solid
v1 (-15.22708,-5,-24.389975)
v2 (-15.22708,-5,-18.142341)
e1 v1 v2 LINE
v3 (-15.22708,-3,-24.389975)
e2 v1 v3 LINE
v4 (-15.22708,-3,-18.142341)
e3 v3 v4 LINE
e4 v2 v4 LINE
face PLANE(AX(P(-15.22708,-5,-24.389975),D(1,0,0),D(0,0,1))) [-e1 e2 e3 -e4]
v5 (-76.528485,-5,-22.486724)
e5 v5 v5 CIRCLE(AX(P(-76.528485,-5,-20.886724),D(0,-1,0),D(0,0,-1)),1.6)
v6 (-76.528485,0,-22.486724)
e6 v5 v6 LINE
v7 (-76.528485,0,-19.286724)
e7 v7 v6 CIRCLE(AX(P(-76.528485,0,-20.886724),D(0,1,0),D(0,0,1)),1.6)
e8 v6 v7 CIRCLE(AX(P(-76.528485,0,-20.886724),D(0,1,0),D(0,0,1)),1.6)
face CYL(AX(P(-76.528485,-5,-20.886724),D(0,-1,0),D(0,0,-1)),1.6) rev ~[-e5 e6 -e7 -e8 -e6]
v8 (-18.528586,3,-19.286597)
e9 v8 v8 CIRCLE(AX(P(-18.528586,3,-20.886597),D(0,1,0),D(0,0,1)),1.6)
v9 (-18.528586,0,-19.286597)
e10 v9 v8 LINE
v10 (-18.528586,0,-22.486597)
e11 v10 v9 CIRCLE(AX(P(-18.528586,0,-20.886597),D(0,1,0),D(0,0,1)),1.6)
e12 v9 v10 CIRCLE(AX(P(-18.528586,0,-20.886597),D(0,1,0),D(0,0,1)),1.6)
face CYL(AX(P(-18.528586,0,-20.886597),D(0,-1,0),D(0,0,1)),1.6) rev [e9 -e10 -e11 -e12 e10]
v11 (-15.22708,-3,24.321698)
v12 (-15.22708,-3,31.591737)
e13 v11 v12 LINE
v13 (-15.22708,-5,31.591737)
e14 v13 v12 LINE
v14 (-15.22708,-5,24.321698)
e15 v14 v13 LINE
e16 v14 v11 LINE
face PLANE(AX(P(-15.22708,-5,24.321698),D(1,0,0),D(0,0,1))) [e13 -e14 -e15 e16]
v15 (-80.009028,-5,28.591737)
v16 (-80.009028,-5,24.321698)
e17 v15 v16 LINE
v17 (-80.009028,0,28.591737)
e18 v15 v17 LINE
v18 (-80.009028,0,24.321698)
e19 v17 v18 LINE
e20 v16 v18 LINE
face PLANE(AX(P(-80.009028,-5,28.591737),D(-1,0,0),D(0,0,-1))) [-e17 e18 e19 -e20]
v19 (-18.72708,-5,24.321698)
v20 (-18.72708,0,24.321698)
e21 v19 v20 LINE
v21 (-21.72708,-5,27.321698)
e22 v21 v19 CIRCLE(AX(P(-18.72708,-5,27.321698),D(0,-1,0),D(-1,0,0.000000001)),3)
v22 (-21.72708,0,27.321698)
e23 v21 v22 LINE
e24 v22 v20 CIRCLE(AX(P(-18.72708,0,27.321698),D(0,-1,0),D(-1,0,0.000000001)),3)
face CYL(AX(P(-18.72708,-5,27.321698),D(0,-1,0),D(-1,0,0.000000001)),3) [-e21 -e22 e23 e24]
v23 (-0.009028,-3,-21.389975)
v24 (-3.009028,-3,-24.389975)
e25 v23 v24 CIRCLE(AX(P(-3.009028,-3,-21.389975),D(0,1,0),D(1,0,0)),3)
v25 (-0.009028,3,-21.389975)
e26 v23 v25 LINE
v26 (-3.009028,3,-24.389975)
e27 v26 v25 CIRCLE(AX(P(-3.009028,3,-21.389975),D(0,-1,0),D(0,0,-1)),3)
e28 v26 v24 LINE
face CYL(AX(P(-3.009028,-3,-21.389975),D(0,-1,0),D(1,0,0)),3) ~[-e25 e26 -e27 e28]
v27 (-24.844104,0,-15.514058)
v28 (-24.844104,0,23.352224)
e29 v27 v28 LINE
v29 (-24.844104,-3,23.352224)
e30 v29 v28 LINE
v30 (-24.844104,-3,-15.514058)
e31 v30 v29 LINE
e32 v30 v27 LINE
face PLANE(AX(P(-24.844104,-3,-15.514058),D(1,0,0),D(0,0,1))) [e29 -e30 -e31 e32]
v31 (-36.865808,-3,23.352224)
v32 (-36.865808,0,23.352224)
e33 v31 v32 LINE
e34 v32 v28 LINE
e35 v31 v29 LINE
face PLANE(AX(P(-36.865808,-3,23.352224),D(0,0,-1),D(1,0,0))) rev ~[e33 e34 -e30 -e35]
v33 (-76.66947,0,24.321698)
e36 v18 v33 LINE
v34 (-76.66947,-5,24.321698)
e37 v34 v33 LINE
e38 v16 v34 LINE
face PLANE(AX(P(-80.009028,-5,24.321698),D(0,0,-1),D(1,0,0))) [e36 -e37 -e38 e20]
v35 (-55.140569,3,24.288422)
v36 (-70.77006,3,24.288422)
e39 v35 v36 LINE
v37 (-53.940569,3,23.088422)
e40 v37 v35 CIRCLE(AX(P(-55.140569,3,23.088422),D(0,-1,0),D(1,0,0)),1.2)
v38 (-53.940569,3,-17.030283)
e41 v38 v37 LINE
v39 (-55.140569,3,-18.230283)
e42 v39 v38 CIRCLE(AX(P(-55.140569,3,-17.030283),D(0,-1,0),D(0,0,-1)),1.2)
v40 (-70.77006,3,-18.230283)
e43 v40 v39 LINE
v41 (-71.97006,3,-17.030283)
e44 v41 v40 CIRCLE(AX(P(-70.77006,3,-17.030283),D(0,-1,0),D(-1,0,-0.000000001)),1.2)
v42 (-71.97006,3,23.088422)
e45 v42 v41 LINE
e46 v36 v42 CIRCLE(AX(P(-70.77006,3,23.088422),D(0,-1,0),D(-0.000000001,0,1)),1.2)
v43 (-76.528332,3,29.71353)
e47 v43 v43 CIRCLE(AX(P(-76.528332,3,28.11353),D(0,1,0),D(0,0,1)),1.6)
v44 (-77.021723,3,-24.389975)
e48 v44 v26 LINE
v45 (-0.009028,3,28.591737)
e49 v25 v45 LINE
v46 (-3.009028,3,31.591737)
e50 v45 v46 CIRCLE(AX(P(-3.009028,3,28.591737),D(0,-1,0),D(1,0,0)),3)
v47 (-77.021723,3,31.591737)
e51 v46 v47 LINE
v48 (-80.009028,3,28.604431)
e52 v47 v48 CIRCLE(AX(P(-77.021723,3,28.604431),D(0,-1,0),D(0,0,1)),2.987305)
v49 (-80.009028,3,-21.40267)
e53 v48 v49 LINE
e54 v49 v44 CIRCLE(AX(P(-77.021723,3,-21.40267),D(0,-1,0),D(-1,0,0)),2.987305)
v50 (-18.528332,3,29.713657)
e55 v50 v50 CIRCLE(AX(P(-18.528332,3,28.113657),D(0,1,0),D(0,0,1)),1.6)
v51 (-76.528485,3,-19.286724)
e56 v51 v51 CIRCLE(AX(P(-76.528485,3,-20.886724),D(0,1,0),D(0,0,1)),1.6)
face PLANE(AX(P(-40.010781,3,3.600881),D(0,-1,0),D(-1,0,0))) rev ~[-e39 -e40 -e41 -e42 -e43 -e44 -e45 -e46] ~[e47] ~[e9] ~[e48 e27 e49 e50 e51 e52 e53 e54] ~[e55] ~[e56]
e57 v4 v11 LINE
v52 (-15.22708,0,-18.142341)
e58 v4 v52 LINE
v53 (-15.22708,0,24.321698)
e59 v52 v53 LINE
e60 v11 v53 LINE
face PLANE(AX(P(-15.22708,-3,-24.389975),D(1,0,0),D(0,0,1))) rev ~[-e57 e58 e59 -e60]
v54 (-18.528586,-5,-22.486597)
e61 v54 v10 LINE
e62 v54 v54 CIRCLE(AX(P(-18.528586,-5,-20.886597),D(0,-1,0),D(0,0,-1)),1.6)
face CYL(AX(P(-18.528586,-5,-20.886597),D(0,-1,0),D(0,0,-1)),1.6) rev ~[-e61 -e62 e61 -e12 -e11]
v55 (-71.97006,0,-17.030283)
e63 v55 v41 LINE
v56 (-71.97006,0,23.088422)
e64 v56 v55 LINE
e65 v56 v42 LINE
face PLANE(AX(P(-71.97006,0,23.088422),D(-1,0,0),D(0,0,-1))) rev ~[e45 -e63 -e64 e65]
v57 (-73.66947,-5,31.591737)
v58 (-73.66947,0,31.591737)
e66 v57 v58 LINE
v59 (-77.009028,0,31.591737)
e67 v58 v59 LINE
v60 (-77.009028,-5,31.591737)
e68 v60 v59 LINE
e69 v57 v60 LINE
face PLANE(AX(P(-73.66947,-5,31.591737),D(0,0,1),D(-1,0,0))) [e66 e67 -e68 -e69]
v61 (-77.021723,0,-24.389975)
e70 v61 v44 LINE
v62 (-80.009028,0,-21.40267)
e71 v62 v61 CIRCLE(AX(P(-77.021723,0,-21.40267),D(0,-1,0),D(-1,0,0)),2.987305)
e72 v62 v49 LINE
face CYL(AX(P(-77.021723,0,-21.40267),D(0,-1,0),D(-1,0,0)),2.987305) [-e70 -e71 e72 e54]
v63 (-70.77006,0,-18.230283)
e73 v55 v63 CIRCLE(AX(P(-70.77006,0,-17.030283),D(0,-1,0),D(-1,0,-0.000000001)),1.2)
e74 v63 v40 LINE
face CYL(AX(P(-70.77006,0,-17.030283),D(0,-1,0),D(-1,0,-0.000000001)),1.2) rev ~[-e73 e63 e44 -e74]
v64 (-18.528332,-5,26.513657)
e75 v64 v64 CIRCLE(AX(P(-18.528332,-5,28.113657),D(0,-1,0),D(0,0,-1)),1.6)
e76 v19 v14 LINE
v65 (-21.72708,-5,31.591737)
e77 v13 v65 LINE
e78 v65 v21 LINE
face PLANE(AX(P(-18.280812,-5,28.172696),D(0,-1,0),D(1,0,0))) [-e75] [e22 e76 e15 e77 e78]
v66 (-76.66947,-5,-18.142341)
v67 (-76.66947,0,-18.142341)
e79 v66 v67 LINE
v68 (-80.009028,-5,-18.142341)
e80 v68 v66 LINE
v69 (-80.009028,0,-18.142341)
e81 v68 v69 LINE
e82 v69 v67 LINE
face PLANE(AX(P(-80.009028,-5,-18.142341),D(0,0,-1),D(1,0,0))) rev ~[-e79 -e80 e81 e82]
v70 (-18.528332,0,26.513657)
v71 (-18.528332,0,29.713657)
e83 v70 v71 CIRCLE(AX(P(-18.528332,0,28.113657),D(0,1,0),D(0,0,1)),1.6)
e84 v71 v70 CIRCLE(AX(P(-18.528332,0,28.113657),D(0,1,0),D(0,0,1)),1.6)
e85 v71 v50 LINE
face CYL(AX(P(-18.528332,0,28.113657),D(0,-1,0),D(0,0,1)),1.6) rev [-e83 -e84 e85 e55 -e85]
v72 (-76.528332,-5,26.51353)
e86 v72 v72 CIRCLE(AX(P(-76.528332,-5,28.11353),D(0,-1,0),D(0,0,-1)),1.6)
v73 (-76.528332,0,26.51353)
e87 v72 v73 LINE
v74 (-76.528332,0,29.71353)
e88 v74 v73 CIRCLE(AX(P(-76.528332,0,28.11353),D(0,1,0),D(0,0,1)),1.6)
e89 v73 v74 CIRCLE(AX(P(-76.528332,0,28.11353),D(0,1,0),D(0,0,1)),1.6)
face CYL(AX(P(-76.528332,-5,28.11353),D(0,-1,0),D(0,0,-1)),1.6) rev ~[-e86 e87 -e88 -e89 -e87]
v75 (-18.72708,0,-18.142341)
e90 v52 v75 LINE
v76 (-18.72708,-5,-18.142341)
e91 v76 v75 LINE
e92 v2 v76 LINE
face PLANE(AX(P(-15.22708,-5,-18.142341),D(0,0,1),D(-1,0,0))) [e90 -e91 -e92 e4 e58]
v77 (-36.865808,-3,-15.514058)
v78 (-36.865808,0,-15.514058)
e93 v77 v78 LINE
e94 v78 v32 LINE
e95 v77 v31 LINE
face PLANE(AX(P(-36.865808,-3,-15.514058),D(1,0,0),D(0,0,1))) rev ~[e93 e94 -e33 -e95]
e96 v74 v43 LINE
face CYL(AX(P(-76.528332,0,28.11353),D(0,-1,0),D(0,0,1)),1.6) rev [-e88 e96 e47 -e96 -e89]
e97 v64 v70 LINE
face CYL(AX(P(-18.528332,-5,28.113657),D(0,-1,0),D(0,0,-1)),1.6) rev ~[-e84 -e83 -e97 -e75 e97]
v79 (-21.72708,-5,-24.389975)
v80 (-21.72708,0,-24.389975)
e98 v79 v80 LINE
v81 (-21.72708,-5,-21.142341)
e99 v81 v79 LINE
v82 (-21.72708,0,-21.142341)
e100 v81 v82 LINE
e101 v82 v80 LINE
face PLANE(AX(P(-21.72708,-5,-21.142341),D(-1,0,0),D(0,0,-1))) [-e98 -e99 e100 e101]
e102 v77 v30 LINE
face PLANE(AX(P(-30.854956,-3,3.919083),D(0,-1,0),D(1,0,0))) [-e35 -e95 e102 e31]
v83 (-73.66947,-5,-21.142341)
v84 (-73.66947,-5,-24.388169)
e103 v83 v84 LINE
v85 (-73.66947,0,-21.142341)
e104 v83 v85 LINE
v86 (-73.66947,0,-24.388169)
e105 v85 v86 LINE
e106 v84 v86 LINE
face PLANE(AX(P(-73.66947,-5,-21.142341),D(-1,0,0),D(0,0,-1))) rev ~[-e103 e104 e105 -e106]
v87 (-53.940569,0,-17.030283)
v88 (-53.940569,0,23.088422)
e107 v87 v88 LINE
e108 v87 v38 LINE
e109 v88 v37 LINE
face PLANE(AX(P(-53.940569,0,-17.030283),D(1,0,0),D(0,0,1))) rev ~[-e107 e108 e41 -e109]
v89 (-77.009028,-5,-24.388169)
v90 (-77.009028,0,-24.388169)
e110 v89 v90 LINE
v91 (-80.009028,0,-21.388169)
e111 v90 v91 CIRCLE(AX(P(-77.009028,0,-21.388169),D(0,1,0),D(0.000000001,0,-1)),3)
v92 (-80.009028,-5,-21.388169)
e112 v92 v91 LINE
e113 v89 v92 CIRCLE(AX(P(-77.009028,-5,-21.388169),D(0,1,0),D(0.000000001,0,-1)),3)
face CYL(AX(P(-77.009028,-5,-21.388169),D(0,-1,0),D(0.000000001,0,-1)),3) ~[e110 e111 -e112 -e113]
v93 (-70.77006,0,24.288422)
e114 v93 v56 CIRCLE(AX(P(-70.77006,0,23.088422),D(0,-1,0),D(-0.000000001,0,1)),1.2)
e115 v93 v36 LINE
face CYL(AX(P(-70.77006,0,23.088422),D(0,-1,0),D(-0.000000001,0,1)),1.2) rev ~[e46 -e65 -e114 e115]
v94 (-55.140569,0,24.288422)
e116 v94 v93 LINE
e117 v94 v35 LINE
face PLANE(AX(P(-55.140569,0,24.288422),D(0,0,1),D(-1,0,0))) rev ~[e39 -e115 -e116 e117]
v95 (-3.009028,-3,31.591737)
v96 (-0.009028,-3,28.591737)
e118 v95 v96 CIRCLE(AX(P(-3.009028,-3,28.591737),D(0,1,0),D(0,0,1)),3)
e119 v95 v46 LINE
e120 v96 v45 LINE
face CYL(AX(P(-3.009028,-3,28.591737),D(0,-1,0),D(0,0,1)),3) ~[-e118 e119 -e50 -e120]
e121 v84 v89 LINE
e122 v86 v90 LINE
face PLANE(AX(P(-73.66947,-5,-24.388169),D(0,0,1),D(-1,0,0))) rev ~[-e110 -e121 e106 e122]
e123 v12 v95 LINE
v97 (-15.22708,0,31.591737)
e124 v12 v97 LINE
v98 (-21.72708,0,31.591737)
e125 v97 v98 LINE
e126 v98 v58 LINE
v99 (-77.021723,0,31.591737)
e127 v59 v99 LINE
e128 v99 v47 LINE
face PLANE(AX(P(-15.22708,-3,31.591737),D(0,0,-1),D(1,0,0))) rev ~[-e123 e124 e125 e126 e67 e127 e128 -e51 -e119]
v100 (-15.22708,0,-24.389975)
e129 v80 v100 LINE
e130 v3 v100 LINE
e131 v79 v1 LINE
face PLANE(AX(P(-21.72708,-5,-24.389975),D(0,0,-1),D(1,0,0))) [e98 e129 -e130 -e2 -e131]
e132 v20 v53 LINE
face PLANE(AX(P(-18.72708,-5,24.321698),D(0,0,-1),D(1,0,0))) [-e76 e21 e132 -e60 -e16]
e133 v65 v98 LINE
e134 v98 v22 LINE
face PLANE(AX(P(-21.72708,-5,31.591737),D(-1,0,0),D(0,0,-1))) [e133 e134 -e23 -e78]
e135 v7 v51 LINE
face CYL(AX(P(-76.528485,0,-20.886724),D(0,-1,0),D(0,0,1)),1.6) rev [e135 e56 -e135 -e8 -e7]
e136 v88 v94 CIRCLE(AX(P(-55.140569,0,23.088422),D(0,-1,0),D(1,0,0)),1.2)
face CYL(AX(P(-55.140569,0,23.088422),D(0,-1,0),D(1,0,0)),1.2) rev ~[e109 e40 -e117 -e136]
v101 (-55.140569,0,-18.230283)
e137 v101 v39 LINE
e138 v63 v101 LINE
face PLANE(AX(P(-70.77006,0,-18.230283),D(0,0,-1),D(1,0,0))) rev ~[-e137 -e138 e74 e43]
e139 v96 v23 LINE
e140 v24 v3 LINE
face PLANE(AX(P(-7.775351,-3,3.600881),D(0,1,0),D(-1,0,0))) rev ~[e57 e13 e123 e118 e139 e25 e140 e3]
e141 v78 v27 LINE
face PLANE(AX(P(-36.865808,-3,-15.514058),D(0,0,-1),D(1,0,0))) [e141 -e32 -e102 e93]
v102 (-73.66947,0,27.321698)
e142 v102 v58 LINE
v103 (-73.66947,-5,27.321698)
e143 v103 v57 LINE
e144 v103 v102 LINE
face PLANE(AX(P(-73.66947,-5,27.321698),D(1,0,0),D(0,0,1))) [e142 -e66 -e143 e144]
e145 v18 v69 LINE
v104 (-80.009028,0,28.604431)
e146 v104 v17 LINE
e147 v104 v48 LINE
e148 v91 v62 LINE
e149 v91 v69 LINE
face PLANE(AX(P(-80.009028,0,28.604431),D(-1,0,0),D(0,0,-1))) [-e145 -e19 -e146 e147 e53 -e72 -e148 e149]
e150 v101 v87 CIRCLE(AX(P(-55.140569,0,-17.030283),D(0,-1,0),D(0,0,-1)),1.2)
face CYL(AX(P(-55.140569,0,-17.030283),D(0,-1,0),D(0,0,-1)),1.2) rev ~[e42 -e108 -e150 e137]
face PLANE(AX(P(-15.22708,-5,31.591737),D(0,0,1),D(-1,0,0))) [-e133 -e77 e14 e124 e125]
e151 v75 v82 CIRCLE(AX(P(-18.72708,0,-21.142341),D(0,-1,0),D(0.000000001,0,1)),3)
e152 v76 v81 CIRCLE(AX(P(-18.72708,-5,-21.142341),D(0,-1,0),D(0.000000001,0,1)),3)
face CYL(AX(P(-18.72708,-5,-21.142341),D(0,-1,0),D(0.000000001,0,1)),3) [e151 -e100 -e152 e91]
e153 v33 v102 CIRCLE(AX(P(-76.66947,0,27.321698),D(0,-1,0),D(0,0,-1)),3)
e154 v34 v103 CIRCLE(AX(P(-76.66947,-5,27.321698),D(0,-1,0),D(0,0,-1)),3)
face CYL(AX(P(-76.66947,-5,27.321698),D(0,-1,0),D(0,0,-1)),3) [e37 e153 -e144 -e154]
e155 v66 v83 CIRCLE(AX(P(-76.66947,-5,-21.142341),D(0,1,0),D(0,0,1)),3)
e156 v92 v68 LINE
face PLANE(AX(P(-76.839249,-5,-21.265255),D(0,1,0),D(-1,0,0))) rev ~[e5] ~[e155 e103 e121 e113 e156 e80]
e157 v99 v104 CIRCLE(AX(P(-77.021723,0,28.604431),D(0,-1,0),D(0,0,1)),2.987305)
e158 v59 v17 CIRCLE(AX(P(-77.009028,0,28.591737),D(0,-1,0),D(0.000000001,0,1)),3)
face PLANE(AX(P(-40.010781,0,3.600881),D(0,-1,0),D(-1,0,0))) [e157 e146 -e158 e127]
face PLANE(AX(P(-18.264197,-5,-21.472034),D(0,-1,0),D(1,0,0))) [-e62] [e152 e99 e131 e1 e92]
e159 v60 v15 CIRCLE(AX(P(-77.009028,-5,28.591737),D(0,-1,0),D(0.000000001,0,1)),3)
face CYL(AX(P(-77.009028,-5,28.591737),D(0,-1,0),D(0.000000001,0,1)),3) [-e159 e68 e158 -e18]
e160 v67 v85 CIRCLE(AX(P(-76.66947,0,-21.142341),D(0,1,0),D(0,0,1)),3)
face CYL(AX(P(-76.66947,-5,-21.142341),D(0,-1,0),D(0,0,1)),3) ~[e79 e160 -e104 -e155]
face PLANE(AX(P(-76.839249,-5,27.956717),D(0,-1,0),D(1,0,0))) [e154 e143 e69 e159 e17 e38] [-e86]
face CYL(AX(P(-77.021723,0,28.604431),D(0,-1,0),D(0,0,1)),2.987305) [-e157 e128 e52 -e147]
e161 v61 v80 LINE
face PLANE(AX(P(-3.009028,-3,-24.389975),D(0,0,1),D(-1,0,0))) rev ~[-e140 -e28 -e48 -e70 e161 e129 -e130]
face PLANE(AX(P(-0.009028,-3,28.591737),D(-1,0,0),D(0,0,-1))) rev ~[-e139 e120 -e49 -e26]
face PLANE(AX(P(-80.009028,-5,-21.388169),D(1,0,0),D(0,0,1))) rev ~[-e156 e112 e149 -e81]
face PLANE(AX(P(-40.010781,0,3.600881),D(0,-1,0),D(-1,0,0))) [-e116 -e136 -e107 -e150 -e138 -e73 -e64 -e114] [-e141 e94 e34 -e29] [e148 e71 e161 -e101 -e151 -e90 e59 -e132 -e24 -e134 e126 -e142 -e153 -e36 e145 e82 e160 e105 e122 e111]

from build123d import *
from build123d.topology import SkipClean

# Parameters (mm, degrees)
SKETCH_1_R      = 1.6
EXTRUDE_1_DEPTH = 3
EXTRUDE_START   = 3
SKETCH_3_W      = 12.02170443
SKETCH_3_H      = 38.866282165
EXTRUDE_3_DEPTH = 3
EXTRUDE_START_2 = 5
SKETCH_4_R      = 1.6
EXTRUDE_4_DEPTH = 5


with BuildPart() as part:
    # 草图1 → 凸台-拉伸1 (new body)
    with BuildSketch(Plane(origin=(0, 0, 0), x_dir=(1, 0, 0), z_dir=(0, 1, 0))):
        with BuildLine():
            Line((-0.009028181, 21.389975432), (-0.009028181, -28.591736531))
            ThreePointArc((-0.009028181, -28.591736531), (-0.887707838, -30.713056875), (-3.009028181, -31.591736531))
            Line((-3.009028181, -31.591736531), (-77.021723127, -31.591736531))
            ThreePointArc((-77.021723127, -31.591736531), (-79.134066788, -30.716775138), (-80.009028181, -28.604431477))
            Line((-80.009028181, -28.604431477), (-80.009028181, 21.402670377))
            ThreePointArc((-80.009028181, 21.402670377), (-79.134066788, 23.515014039), (-77.021723127, 24.389975432))
            Line((-77.021723127, 24.389975432), (-3.009028181, 24.389975432))
            ThreePointArc((-3.009028181, 24.389975432), (-0.887707838, 23.511295776), (-0.009028181, 21.389975432))
        make_face()
        with Locations(Location((-76.52848462, 20.886724226, 0), (0, 0, 270))):
            Circle(SKETCH_1_R, mode=Mode.SUBTRACT)
        with Locations(Location((-18.52858622, 20.886597225, 0), (0, 0, 270))):
            Circle(SKETCH_1_R, mode=Mode.SUBTRACT)
        with Locations(Location((-18.52833222, -28.113656775, 0), (0, 0, 270))):
            Circle(SKETCH_1_R, mode=Mode.SUBTRACT)
        with Locations(Location((-76.52833222, -28.113529775, 0), (0, 0, 270))):
            Circle(SKETCH_1_R, mode=Mode.SUBTRACT)
        with BuildLine():
            Line((-70.770059731, 18.230282987), (-55.140568984, 18.230282987))
            ThreePointArc((-55.140568984, 18.230282987), (-54.292040846, 17.878811124), (-53.940568984, 17.030282987))
            Line((-53.940568984, 17.030282987), (-53.940568984, -23.088422311))
            ThreePointArc((-53.940568984, -23.088422311), (-54.292040846, -23.936950448), (-55.140568984, -24.288422311))
            Line((-55.140568984, -24.288422311), (-70.770059731, -24.288422311))
            ThreePointArc((-70.770059731, -24.288422311), (-71.618587868, -23.936950448), (-71.970059731, -23.088422311))
            Line((-71.970059731, -23.088422311), (-71.970059731, 17.030282987))
            ThreePointArc((-71.970059731, 17.030282987), (-71.618587868, 17.878811124), (-70.770059731, 18.230282987))
        make_face(mode=Mode.SUBTRACT)
    extrude(amount=EXTRUDE_1_DEPTH)

    # 草图3 → 凸台-拉伸3 (add)
    with BuildSketch(Plane.XZ.offset(EXTRUDE_START)):
        with BuildLine():
            Line((-15.227079657, 31.591736531), (-3.009028181, 31.591736531))
            ThreePointArc((-3.009028181, 31.591736531), (-0.887707838, 30.713056875), (-0.009028181, 28.591736531))
            Line((-0.009028181, 28.591736531), (-0.009028181, -21.389975432))
            ThreePointArc((-0.009028181, -21.389975432), (-0.887707838, -23.511295776), (-3.009028181, -24.389975432))
            Line((-3.009028181, -24.389975432), (-15.227079657, -24.389975432))
            Line((-15.227079657, -24.389975432), (-15.227079657, 31.591736531))
        make_face()
        with Locations((-30.854956036, 3.919082923)):
            Rectangle(SKETCH_3_W, SKETCH_3_H)
    extrude(amount=-EXTRUDE_3_DEPTH)

    # 草图4 → 凸台-拉伸4 (add)
    # profile 1 of 4: a face of its own
    with SkipClean():  # the faces are left unmerged after this step: merging them gives an invalid solid
        with BuildSketch(Plane.XZ.offset(EXTRUDE_START_2)):
            with BuildLine():
                Line((-80.009028181, 24.321697646), (-76.669469558, 24.321697646))
                ThreePointArc((-76.669469558, 24.321697646), (-74.548149215, 25.200377302), (-73.669469558, 27.321697646))
                Line((-73.669469558, 27.321697646), (-73.669469558, 31.591736531))
                Line((-73.669469558, 31.591736531), (-77.009028181, 31.591736531))
                ThreePointArc((-77.009028181, 31.591736531), (-79.130348525, 30.713056875), (-80.009028181, 28.591736531))
                Line((-80.009028181, 28.591736531), (-80.009028181, 24.321697646))
            make_face()
            with Locations(Location((-76.52833222, 28.113529775, 0), (0, 0, 270))):
                Circle(SKETCH_4_R, mode=Mode.SUBTRACT)
        # profile 2 of 4: a face of its own
        with BuildSketch(Plane.XZ.offset(EXTRUDE_START_2)):
            with BuildLine():
                Line((-15.227079657, 24.321697646), (-15.227079657, 31.591736531))
                Line((-15.227079657, 31.591736531), (-21.727079657, 31.591736531))
                Line((-21.727079657, 31.591736531), (-21.727079657, 27.321697646))
                ThreePointArc((-21.727079657, 27.321697646), (-20.848400001, 25.200377302), (-18.727079657, 24.321697646))
                Line((-18.727079657, 24.321697646), (-15.227079657, 24.321697646))
            make_face()
            with Locations(Location((-18.52833222, 28.113656775, 0), (0, 0, 270))):
                Circle(SKETCH_4_R, mode=Mode.SUBTRACT)
        # profile 3 of 4: a face of its own
        with BuildSketch(Plane.XZ.offset(EXTRUDE_START_2)):
            with BuildLine():
                Line((-21.727079657, -21.142340772), (-21.727079657, -24.389975432))
                Line((-21.727079657, -24.389975432), (-15.227079657, -24.389975432))
                Line((-15.227079657, -24.389975432), (-15.227079657, -18.142340772))
                Line((-15.227079657, -18.142340772), (-18.727079657, -18.142340772))
                ThreePointArc((-18.727079657, -18.142340772), (-20.848400001, -19.021020428), (-21.727079657, -21.142340772))
            make_face()
            with Locations(Location((-18.52858622, -20.886597225, 0), (0, 0, 270))):
                Circle(SKETCH_4_R, mode=Mode.SUBTRACT)
        # profile 4 of 4: a face of its own
        with BuildSketch(Plane.XZ.offset(EXTRUDE_START_2)):
            with BuildLine():
                Line((-80.009028181, -18.142340772), (-76.669469558, -18.142340772))
                ThreePointArc((-76.669469558, -18.142340772), (-74.548149215, -19.021020428), (-73.669469558, -21.142340772))
                Line((-73.669469558, -21.142340772), (-73.669469558, -24.388169156))
                Line((-73.669469558, -24.388169156), (-77.009028181, -24.388169156))
                ThreePointArc((-77.009028181, -24.388169156), (-79.130348525, -23.5094895), (-80.009028181, -21.388169156))
                Line((-80.009028181, -21.388169156), (-80.009028181, -18.142340772))
            make_face()
            with Locations(Location((-76.52848462, -20.886724226, 0), (0, 0, 270))):
                Circle(SKETCH_4_R, mode=Mode.SUBTRACT)
        extrude(amount=-EXTRUDE_4_DEPTH)


solid = part.part
